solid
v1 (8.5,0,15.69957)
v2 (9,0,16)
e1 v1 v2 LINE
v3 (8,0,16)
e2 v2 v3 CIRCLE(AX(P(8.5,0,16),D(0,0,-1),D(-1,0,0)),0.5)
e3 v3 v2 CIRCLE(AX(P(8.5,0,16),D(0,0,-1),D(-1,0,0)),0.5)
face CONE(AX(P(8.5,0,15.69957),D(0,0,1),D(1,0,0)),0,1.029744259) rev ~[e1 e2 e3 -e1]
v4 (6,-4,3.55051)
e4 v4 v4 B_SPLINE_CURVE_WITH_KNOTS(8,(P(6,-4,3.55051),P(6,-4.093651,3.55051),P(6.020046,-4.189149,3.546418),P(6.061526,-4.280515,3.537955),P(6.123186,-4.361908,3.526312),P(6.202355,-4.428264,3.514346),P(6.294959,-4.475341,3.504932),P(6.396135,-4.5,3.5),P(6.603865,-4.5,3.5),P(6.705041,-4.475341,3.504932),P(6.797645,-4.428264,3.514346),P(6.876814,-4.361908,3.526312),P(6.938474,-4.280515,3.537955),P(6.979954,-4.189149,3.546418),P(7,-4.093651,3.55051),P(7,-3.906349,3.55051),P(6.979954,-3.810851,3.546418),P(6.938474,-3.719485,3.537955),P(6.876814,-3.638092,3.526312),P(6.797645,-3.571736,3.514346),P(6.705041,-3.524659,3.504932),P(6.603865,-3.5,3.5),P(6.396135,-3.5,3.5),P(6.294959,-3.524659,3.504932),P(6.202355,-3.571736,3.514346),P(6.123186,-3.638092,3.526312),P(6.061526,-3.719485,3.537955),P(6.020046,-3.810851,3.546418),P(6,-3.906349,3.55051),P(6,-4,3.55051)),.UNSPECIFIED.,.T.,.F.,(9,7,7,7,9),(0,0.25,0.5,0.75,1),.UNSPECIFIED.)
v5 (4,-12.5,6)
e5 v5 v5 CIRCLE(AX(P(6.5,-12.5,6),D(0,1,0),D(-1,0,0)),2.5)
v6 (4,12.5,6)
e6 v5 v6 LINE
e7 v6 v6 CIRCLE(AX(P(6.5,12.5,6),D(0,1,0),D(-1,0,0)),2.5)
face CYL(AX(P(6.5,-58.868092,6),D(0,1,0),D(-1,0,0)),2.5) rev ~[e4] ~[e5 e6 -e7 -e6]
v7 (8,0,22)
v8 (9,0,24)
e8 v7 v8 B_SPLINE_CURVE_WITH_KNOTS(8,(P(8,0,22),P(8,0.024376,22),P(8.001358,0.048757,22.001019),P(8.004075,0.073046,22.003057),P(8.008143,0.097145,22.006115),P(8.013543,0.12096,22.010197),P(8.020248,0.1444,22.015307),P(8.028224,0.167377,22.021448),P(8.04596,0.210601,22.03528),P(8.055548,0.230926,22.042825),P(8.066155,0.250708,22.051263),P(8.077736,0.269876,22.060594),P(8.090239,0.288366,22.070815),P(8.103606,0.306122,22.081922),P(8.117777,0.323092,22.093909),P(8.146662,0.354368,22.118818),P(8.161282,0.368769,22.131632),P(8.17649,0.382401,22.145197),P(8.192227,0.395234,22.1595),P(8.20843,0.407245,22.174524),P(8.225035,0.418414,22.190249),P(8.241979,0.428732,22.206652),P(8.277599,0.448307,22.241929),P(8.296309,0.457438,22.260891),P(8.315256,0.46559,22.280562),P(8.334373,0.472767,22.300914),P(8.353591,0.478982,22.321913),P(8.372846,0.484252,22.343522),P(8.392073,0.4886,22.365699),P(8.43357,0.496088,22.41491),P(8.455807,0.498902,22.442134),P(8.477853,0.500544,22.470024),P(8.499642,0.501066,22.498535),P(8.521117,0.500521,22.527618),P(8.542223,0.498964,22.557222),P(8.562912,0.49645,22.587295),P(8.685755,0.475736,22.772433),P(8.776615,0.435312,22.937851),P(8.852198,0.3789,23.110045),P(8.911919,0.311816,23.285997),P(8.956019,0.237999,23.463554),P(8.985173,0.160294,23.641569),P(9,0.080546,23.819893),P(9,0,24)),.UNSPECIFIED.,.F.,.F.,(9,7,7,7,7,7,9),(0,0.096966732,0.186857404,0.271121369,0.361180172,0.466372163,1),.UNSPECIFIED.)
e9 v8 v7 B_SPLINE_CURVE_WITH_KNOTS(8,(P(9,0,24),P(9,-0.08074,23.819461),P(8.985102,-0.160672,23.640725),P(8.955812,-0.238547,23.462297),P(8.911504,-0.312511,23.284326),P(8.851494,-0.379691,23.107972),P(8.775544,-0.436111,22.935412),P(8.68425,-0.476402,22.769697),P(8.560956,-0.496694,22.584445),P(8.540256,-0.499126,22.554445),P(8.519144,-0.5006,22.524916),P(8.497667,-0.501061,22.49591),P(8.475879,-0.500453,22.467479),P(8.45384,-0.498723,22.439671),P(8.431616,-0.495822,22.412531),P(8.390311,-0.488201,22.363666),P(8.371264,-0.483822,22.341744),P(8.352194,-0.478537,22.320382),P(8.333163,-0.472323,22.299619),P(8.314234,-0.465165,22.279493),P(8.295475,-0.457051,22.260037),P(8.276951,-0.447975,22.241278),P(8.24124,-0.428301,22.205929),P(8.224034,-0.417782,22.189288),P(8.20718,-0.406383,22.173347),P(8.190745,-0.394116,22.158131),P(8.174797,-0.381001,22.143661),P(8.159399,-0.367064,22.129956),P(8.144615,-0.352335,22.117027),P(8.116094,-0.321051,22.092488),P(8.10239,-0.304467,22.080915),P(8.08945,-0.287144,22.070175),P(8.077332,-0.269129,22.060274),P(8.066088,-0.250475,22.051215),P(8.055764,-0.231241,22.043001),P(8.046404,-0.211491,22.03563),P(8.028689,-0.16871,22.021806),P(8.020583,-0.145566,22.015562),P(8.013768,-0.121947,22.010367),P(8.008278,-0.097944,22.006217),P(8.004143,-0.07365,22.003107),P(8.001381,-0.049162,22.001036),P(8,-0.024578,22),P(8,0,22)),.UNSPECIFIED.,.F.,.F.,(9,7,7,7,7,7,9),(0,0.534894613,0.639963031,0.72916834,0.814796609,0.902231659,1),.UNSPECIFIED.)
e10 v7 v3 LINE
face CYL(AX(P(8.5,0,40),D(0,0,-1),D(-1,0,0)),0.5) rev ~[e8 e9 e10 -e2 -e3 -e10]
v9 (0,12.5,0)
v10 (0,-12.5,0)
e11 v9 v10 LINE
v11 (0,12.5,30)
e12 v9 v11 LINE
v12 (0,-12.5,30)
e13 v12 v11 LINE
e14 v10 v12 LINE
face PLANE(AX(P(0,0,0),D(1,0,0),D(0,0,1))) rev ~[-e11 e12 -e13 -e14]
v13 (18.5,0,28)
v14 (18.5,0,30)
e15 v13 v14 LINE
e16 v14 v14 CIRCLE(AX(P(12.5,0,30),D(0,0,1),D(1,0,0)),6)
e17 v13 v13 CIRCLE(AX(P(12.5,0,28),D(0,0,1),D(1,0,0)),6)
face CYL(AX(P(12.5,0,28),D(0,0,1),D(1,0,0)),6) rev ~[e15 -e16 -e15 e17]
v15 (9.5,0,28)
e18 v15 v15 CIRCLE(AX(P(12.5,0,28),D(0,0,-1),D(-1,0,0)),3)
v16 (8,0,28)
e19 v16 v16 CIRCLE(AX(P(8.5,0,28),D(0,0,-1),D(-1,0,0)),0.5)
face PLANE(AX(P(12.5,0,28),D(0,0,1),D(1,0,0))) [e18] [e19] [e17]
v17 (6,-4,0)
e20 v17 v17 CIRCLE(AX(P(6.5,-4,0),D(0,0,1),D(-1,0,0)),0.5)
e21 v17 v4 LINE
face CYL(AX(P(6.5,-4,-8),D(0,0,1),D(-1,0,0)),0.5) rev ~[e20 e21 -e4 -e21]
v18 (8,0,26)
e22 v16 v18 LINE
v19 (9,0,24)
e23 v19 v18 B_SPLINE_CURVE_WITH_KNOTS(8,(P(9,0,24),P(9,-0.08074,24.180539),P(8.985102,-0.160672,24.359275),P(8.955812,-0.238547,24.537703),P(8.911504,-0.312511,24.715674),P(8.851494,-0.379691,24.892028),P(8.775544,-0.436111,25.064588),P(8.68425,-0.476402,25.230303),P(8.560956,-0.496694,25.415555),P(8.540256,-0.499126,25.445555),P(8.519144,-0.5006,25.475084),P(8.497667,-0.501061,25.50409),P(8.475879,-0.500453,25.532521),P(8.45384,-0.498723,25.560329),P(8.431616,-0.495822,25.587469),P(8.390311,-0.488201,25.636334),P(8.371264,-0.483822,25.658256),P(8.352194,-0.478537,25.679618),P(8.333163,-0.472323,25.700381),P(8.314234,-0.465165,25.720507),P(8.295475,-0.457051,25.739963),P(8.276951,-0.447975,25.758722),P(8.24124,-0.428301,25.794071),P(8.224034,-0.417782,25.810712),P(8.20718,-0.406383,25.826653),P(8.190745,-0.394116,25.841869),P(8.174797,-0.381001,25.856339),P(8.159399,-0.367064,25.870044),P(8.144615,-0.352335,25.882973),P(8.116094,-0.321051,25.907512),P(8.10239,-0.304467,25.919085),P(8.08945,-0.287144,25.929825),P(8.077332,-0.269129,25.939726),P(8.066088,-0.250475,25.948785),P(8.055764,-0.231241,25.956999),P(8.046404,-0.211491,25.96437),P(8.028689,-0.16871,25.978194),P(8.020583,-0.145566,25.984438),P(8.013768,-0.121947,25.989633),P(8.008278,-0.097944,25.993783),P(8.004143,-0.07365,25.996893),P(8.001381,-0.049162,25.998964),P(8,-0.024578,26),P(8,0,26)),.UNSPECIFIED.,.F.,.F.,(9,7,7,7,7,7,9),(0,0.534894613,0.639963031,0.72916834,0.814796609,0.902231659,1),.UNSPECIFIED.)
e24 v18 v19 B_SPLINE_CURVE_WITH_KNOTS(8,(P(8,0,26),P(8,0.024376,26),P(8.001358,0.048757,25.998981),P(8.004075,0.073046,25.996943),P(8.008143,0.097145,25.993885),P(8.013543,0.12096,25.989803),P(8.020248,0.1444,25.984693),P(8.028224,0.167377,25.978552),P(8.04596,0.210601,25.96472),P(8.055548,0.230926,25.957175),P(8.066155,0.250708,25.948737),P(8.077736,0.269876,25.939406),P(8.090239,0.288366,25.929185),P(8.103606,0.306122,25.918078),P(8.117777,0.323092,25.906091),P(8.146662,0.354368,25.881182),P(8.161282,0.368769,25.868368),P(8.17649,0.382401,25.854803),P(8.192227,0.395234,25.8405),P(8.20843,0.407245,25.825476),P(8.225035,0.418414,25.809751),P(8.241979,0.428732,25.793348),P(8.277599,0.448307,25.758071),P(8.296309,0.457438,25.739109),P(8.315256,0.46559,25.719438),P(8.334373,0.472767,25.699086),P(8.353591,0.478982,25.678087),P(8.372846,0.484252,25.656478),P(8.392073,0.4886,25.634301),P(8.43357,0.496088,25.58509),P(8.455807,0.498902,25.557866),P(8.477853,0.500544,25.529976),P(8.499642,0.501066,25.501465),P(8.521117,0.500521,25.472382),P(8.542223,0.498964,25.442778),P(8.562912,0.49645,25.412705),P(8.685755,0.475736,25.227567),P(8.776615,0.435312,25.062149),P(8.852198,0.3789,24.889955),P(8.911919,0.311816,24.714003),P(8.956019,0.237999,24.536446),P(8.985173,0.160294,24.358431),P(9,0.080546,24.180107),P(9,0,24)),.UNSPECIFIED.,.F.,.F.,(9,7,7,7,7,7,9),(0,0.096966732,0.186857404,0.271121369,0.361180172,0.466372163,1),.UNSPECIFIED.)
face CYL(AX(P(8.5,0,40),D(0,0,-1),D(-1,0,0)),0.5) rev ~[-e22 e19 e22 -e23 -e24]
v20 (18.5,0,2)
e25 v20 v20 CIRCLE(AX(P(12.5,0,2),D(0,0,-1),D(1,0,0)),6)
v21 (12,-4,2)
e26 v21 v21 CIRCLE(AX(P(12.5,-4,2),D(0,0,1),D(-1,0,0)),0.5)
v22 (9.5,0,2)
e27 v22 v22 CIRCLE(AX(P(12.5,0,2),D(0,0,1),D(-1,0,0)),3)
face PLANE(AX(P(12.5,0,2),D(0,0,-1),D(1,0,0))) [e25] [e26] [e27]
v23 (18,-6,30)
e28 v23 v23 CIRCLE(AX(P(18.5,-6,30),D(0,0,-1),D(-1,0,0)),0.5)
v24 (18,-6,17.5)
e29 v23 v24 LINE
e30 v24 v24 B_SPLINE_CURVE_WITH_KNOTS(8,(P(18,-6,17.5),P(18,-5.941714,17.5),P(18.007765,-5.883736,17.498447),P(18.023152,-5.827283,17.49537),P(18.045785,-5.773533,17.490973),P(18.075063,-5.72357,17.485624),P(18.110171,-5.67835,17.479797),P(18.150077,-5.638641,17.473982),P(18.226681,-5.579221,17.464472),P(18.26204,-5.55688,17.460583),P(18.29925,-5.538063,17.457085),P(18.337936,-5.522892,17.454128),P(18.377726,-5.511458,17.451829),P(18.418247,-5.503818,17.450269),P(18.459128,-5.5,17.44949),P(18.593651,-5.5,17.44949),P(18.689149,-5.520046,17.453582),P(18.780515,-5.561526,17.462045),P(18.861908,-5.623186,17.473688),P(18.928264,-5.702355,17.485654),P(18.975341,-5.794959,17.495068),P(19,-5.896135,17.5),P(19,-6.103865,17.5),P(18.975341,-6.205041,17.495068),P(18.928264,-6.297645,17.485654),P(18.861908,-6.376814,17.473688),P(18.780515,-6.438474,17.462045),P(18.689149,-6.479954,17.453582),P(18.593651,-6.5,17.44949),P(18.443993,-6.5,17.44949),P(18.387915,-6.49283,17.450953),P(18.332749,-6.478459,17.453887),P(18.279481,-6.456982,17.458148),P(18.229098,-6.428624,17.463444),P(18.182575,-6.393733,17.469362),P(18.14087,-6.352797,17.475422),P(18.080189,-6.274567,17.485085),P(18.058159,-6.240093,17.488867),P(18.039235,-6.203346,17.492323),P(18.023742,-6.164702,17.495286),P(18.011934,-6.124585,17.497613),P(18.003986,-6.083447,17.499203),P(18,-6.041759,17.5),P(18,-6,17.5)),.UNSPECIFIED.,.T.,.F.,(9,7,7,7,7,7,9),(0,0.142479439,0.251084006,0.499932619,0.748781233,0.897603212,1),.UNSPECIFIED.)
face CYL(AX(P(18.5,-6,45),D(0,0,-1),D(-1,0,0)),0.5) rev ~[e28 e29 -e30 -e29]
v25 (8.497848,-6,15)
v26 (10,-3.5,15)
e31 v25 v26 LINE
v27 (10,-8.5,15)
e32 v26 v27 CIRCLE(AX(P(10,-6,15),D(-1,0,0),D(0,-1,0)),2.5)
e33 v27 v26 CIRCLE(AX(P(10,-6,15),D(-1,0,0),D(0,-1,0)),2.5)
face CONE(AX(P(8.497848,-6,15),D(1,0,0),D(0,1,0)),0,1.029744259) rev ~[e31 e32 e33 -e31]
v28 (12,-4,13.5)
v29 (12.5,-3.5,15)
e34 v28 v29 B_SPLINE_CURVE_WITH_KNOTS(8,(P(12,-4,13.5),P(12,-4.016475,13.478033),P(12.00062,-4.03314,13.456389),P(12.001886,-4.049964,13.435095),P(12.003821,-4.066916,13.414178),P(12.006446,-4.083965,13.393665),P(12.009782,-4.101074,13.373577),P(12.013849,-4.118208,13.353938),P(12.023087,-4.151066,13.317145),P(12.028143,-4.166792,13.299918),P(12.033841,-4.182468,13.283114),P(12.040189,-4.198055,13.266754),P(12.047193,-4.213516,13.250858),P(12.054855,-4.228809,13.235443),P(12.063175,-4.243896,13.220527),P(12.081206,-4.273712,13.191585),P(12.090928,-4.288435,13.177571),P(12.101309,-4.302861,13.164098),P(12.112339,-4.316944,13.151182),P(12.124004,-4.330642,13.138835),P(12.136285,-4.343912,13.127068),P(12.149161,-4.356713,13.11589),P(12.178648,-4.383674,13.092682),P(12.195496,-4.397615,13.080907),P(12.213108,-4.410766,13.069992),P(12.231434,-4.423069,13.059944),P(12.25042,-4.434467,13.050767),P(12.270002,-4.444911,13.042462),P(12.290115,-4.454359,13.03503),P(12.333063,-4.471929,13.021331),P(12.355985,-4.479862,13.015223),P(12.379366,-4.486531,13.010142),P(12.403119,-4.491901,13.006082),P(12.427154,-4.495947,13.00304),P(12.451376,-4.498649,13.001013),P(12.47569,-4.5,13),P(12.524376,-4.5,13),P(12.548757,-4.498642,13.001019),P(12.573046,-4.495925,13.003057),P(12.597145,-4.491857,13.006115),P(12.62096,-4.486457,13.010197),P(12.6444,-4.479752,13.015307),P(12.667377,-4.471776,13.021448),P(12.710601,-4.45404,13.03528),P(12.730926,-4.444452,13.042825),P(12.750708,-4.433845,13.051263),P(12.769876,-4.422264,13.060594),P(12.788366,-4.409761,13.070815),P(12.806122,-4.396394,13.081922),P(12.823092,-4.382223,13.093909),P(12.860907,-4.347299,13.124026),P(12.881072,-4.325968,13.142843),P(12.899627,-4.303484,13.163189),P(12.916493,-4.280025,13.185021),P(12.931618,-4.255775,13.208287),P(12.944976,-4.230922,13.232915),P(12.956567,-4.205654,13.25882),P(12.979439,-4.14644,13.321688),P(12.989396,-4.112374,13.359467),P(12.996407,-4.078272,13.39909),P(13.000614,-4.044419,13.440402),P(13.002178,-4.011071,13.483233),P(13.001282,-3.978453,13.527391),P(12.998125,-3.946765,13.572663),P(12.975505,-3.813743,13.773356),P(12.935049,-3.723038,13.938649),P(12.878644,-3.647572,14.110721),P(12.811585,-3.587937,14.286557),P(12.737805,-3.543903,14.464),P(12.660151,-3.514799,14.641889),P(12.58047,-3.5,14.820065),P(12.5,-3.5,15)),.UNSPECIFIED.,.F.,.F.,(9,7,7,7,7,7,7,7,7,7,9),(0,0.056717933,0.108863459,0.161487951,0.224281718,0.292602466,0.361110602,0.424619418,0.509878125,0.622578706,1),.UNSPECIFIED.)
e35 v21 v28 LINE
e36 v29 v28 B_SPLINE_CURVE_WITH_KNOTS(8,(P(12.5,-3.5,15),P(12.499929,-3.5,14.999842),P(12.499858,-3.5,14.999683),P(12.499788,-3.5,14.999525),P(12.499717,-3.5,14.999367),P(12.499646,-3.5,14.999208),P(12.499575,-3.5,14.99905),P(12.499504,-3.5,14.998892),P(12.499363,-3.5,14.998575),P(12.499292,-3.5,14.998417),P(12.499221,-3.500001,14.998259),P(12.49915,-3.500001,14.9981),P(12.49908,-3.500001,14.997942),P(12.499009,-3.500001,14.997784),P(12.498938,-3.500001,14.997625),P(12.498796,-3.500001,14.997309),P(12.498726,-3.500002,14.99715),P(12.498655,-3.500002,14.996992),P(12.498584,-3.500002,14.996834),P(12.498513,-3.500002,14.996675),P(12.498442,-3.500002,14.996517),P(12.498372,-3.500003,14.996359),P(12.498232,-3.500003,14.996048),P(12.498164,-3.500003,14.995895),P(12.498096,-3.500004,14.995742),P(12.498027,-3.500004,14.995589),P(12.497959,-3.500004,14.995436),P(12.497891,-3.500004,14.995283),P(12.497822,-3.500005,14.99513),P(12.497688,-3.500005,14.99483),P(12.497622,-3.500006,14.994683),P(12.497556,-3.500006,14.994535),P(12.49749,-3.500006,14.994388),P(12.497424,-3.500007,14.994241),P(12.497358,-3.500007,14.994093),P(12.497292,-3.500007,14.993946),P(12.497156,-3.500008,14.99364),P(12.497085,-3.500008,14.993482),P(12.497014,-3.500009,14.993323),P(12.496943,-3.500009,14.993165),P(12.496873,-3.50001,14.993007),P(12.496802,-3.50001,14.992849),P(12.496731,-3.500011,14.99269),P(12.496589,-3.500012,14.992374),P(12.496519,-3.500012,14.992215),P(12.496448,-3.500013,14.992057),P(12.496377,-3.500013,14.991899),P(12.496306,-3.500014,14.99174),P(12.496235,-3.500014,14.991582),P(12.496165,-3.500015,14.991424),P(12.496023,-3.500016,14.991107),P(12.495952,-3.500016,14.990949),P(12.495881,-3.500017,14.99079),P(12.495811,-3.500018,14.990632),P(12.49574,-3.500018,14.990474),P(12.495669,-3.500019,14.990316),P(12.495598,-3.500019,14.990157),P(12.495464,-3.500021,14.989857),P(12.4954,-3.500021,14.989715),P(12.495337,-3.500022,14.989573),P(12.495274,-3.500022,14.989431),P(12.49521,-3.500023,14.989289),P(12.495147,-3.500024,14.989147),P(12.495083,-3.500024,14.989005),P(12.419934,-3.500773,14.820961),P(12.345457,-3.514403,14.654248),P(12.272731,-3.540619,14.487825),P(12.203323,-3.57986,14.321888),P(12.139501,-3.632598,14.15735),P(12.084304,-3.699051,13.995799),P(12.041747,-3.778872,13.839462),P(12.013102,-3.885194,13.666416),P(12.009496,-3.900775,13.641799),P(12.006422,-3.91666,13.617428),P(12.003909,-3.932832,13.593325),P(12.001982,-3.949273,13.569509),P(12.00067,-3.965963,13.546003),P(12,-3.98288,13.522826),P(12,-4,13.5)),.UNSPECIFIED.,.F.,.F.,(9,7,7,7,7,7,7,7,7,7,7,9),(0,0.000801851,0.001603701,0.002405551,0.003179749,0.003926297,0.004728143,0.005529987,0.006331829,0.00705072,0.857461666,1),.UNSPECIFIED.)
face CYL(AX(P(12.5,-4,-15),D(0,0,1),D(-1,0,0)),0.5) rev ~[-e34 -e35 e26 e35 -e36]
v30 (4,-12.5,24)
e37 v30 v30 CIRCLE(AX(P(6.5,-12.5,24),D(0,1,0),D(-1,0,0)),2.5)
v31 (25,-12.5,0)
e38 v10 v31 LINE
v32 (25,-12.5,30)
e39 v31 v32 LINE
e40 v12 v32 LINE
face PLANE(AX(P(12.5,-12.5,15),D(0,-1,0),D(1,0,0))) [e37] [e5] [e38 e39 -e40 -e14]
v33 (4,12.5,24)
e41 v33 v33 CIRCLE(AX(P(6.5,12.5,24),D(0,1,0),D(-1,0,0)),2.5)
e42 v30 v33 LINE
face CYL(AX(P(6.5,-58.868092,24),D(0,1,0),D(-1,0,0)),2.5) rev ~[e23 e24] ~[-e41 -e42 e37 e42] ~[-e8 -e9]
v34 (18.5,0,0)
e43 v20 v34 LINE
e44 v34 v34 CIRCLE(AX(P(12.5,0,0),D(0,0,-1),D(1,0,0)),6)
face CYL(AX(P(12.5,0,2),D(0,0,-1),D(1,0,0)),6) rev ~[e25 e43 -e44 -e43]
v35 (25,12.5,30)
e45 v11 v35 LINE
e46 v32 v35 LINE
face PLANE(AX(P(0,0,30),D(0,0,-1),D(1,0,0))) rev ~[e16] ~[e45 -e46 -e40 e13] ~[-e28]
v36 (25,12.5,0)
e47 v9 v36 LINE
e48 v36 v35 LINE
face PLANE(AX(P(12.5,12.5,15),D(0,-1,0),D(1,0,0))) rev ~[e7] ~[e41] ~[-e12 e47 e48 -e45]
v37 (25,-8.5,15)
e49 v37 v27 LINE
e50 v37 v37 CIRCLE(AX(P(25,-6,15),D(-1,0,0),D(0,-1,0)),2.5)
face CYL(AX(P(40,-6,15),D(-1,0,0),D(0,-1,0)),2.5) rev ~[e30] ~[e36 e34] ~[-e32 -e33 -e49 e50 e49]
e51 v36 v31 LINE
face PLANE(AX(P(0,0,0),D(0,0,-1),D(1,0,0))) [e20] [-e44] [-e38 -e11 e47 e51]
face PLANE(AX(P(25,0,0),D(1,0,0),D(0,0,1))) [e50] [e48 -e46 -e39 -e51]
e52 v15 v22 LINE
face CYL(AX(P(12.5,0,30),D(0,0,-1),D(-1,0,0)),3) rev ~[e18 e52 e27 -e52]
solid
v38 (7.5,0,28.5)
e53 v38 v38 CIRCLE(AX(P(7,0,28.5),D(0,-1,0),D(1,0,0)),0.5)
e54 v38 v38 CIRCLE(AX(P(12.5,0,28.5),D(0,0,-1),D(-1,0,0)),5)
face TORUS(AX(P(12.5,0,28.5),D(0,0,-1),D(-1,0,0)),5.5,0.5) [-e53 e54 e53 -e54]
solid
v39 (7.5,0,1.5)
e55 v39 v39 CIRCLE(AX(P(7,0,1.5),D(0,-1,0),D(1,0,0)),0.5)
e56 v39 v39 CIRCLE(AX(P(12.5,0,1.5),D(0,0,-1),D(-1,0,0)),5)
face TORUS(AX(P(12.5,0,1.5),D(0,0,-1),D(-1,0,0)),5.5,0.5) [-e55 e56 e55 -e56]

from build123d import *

# Parameters (mm, degrees)
F0_W            = 25
F0_H            = 30
F1_DEPTH        = 12.5
F12_D           = 6
F12_CBORE_D     = 12
F12_CBORE_DEPTH = 2
F3_D            = 5
F14_D           = 5
F5_D            = 5
F5_DEPTH        = 15
F5_TIP          = 1.5021515476
F6_D            = 1
F6_DEPTH        = 12
F6_START        = 2
F6_TIP          = 0.3004303095
F15_D           = 1
F15_DEPTH       = 15
F15_TIP         = 0.3004303095
F16_D           = 1
F16_DEPTH       = 15
F16_TIP         = 0.3004303095
F8_D            = 1
F8_DEPTH        = 8
F8_TIP          = 0.3004303095
F9_D            = 6
F9_DEPTH        = 2
F9_CBORE_D      = 12
F9_CBORE_DEPTH  = 2
F9_TIP          = 1.8025818571
F17_R           = 0.5


with BuildPart() as f1:
    # F0 (on Front) → F1 (new body, symmetric)
    with BuildSketch(Plane.XZ):
        with Locations((12.5, 15)):
            Rectangle(F0_W, F0_H)
    extrude(amount=F1_DEPTH, both=True)

    # F12 (through all)
    with Locations(Plane.XY.offset(30)):
        with Locations((12.5, 0)):
            CounterBoreHole(F12_D / 2, F12_CBORE_D / 2, F12_CBORE_DEPTH)

    # F3 (through all)
    with Locations(Plane.XZ.offset(12.5)):
        with Locations((6.5, 6)):
            Hole(F3_D / 2)

    # F14 (through all)
    with Locations(Plane.XZ.offset(12.5)):
        with Locations((6.5, 24)):
            Hole(F14_D / 2)

    # F5
    with Locations(Plane.YZ.offset(25)):
        with Locations((-6, 15)):
            Hole(F5_D / 2, depth=F5_DEPTH)
            with Locations((0, 0, -(F5_DEPTH + F5_TIP / 2))):  # 118° drill point
                Cone(0, F5_D / 2, F5_TIP, mode=Mode.SUBTRACT)

    # F6
    # its depths count from where the whole tool has entered the part; down to there all is cleared
    with Locations(Plane.XY.offset(30).offset(-F6_START)):
        with Locations((8.5, 0)):
            Hole(F6_D / 2, depth=F6_DEPTH)
            with Locations((0, 0, -(F6_DEPTH + F6_TIP / 2))):  # 118° drill point
                Cone(0, F6_D / 2, F6_TIP, mode=Mode.SUBTRACT)

    # F15
    with Locations(Plane.XY.offset(30)):
        with Locations((18.5, -6)):
            Hole(F15_D / 2, depth=F15_DEPTH)
            with Locations((0, 0, -(F15_DEPTH + F15_TIP / 2))):  # 118° drill point
                Cone(0, F15_D / 2, F15_TIP, mode=Mode.SUBTRACT)

    # F16
    with Locations(Plane(origin=(0, 0, 0), x_dir=(1, 0, 0), z_dir=(0, 0, -1))):
        with Locations((12.5, 4)):
            Hole(F16_D / 2, depth=F16_DEPTH)
            with Locations((0, 0, -(F16_DEPTH + F16_TIP / 2))):  # 118° drill point
                Cone(0, F16_D / 2, F16_TIP, mode=Mode.SUBTRACT)

    # F8
    with Locations(Plane(origin=(0, 0, 0), x_dir=(1, 0, 0), z_dir=(0, 0, -1))):
        with Locations((6.5, 4)):
            Hole(F8_D / 2, depth=F8_DEPTH)
            with Locations((0, 0, -(F8_DEPTH + F8_TIP / 2))):  # 118° drill point
                Cone(0, F8_D / 2, F8_TIP, mode=Mode.SUBTRACT)

    # F9
    with Locations(Plane(origin=(0, 0, 0), x_dir=(1, 0, 0), z_dir=(0, 0, -1))):
        with Locations((12.5, 0)):
            CounterBoreHole(F9_D / 2, F9_CBORE_D / 2, F9_CBORE_DEPTH, depth=F9_DEPTH)
            with Locations((0, 0, -(F9_DEPTH + F9_TIP / 2))):  # 118° drill point
                Cone(0, F9_D / 2, F9_TIP, mode=Mode.SUBTRACT)


with BuildPart() as f10:
    # F17 (on Front) → F10 (revolve)
    with BuildSketch(Plane.XZ):
        with Locations((7, 28.5)):
            Circle(F17_R)
    revolve(axis=Axis((12.5, 0, 15), (0, 0, -1)))


with BuildPart() as f11:
    # F17 (on Front) → F11 (revolve)
    with BuildSketch(Plane.XZ):
        with Locations((7, 1.5)):
            Circle(F17_R)
    revolve(axis=Axis((12.5, 0, 15), (0, 0, -1)))


solid = Compound([f1.part, f10.part, f11.part])
